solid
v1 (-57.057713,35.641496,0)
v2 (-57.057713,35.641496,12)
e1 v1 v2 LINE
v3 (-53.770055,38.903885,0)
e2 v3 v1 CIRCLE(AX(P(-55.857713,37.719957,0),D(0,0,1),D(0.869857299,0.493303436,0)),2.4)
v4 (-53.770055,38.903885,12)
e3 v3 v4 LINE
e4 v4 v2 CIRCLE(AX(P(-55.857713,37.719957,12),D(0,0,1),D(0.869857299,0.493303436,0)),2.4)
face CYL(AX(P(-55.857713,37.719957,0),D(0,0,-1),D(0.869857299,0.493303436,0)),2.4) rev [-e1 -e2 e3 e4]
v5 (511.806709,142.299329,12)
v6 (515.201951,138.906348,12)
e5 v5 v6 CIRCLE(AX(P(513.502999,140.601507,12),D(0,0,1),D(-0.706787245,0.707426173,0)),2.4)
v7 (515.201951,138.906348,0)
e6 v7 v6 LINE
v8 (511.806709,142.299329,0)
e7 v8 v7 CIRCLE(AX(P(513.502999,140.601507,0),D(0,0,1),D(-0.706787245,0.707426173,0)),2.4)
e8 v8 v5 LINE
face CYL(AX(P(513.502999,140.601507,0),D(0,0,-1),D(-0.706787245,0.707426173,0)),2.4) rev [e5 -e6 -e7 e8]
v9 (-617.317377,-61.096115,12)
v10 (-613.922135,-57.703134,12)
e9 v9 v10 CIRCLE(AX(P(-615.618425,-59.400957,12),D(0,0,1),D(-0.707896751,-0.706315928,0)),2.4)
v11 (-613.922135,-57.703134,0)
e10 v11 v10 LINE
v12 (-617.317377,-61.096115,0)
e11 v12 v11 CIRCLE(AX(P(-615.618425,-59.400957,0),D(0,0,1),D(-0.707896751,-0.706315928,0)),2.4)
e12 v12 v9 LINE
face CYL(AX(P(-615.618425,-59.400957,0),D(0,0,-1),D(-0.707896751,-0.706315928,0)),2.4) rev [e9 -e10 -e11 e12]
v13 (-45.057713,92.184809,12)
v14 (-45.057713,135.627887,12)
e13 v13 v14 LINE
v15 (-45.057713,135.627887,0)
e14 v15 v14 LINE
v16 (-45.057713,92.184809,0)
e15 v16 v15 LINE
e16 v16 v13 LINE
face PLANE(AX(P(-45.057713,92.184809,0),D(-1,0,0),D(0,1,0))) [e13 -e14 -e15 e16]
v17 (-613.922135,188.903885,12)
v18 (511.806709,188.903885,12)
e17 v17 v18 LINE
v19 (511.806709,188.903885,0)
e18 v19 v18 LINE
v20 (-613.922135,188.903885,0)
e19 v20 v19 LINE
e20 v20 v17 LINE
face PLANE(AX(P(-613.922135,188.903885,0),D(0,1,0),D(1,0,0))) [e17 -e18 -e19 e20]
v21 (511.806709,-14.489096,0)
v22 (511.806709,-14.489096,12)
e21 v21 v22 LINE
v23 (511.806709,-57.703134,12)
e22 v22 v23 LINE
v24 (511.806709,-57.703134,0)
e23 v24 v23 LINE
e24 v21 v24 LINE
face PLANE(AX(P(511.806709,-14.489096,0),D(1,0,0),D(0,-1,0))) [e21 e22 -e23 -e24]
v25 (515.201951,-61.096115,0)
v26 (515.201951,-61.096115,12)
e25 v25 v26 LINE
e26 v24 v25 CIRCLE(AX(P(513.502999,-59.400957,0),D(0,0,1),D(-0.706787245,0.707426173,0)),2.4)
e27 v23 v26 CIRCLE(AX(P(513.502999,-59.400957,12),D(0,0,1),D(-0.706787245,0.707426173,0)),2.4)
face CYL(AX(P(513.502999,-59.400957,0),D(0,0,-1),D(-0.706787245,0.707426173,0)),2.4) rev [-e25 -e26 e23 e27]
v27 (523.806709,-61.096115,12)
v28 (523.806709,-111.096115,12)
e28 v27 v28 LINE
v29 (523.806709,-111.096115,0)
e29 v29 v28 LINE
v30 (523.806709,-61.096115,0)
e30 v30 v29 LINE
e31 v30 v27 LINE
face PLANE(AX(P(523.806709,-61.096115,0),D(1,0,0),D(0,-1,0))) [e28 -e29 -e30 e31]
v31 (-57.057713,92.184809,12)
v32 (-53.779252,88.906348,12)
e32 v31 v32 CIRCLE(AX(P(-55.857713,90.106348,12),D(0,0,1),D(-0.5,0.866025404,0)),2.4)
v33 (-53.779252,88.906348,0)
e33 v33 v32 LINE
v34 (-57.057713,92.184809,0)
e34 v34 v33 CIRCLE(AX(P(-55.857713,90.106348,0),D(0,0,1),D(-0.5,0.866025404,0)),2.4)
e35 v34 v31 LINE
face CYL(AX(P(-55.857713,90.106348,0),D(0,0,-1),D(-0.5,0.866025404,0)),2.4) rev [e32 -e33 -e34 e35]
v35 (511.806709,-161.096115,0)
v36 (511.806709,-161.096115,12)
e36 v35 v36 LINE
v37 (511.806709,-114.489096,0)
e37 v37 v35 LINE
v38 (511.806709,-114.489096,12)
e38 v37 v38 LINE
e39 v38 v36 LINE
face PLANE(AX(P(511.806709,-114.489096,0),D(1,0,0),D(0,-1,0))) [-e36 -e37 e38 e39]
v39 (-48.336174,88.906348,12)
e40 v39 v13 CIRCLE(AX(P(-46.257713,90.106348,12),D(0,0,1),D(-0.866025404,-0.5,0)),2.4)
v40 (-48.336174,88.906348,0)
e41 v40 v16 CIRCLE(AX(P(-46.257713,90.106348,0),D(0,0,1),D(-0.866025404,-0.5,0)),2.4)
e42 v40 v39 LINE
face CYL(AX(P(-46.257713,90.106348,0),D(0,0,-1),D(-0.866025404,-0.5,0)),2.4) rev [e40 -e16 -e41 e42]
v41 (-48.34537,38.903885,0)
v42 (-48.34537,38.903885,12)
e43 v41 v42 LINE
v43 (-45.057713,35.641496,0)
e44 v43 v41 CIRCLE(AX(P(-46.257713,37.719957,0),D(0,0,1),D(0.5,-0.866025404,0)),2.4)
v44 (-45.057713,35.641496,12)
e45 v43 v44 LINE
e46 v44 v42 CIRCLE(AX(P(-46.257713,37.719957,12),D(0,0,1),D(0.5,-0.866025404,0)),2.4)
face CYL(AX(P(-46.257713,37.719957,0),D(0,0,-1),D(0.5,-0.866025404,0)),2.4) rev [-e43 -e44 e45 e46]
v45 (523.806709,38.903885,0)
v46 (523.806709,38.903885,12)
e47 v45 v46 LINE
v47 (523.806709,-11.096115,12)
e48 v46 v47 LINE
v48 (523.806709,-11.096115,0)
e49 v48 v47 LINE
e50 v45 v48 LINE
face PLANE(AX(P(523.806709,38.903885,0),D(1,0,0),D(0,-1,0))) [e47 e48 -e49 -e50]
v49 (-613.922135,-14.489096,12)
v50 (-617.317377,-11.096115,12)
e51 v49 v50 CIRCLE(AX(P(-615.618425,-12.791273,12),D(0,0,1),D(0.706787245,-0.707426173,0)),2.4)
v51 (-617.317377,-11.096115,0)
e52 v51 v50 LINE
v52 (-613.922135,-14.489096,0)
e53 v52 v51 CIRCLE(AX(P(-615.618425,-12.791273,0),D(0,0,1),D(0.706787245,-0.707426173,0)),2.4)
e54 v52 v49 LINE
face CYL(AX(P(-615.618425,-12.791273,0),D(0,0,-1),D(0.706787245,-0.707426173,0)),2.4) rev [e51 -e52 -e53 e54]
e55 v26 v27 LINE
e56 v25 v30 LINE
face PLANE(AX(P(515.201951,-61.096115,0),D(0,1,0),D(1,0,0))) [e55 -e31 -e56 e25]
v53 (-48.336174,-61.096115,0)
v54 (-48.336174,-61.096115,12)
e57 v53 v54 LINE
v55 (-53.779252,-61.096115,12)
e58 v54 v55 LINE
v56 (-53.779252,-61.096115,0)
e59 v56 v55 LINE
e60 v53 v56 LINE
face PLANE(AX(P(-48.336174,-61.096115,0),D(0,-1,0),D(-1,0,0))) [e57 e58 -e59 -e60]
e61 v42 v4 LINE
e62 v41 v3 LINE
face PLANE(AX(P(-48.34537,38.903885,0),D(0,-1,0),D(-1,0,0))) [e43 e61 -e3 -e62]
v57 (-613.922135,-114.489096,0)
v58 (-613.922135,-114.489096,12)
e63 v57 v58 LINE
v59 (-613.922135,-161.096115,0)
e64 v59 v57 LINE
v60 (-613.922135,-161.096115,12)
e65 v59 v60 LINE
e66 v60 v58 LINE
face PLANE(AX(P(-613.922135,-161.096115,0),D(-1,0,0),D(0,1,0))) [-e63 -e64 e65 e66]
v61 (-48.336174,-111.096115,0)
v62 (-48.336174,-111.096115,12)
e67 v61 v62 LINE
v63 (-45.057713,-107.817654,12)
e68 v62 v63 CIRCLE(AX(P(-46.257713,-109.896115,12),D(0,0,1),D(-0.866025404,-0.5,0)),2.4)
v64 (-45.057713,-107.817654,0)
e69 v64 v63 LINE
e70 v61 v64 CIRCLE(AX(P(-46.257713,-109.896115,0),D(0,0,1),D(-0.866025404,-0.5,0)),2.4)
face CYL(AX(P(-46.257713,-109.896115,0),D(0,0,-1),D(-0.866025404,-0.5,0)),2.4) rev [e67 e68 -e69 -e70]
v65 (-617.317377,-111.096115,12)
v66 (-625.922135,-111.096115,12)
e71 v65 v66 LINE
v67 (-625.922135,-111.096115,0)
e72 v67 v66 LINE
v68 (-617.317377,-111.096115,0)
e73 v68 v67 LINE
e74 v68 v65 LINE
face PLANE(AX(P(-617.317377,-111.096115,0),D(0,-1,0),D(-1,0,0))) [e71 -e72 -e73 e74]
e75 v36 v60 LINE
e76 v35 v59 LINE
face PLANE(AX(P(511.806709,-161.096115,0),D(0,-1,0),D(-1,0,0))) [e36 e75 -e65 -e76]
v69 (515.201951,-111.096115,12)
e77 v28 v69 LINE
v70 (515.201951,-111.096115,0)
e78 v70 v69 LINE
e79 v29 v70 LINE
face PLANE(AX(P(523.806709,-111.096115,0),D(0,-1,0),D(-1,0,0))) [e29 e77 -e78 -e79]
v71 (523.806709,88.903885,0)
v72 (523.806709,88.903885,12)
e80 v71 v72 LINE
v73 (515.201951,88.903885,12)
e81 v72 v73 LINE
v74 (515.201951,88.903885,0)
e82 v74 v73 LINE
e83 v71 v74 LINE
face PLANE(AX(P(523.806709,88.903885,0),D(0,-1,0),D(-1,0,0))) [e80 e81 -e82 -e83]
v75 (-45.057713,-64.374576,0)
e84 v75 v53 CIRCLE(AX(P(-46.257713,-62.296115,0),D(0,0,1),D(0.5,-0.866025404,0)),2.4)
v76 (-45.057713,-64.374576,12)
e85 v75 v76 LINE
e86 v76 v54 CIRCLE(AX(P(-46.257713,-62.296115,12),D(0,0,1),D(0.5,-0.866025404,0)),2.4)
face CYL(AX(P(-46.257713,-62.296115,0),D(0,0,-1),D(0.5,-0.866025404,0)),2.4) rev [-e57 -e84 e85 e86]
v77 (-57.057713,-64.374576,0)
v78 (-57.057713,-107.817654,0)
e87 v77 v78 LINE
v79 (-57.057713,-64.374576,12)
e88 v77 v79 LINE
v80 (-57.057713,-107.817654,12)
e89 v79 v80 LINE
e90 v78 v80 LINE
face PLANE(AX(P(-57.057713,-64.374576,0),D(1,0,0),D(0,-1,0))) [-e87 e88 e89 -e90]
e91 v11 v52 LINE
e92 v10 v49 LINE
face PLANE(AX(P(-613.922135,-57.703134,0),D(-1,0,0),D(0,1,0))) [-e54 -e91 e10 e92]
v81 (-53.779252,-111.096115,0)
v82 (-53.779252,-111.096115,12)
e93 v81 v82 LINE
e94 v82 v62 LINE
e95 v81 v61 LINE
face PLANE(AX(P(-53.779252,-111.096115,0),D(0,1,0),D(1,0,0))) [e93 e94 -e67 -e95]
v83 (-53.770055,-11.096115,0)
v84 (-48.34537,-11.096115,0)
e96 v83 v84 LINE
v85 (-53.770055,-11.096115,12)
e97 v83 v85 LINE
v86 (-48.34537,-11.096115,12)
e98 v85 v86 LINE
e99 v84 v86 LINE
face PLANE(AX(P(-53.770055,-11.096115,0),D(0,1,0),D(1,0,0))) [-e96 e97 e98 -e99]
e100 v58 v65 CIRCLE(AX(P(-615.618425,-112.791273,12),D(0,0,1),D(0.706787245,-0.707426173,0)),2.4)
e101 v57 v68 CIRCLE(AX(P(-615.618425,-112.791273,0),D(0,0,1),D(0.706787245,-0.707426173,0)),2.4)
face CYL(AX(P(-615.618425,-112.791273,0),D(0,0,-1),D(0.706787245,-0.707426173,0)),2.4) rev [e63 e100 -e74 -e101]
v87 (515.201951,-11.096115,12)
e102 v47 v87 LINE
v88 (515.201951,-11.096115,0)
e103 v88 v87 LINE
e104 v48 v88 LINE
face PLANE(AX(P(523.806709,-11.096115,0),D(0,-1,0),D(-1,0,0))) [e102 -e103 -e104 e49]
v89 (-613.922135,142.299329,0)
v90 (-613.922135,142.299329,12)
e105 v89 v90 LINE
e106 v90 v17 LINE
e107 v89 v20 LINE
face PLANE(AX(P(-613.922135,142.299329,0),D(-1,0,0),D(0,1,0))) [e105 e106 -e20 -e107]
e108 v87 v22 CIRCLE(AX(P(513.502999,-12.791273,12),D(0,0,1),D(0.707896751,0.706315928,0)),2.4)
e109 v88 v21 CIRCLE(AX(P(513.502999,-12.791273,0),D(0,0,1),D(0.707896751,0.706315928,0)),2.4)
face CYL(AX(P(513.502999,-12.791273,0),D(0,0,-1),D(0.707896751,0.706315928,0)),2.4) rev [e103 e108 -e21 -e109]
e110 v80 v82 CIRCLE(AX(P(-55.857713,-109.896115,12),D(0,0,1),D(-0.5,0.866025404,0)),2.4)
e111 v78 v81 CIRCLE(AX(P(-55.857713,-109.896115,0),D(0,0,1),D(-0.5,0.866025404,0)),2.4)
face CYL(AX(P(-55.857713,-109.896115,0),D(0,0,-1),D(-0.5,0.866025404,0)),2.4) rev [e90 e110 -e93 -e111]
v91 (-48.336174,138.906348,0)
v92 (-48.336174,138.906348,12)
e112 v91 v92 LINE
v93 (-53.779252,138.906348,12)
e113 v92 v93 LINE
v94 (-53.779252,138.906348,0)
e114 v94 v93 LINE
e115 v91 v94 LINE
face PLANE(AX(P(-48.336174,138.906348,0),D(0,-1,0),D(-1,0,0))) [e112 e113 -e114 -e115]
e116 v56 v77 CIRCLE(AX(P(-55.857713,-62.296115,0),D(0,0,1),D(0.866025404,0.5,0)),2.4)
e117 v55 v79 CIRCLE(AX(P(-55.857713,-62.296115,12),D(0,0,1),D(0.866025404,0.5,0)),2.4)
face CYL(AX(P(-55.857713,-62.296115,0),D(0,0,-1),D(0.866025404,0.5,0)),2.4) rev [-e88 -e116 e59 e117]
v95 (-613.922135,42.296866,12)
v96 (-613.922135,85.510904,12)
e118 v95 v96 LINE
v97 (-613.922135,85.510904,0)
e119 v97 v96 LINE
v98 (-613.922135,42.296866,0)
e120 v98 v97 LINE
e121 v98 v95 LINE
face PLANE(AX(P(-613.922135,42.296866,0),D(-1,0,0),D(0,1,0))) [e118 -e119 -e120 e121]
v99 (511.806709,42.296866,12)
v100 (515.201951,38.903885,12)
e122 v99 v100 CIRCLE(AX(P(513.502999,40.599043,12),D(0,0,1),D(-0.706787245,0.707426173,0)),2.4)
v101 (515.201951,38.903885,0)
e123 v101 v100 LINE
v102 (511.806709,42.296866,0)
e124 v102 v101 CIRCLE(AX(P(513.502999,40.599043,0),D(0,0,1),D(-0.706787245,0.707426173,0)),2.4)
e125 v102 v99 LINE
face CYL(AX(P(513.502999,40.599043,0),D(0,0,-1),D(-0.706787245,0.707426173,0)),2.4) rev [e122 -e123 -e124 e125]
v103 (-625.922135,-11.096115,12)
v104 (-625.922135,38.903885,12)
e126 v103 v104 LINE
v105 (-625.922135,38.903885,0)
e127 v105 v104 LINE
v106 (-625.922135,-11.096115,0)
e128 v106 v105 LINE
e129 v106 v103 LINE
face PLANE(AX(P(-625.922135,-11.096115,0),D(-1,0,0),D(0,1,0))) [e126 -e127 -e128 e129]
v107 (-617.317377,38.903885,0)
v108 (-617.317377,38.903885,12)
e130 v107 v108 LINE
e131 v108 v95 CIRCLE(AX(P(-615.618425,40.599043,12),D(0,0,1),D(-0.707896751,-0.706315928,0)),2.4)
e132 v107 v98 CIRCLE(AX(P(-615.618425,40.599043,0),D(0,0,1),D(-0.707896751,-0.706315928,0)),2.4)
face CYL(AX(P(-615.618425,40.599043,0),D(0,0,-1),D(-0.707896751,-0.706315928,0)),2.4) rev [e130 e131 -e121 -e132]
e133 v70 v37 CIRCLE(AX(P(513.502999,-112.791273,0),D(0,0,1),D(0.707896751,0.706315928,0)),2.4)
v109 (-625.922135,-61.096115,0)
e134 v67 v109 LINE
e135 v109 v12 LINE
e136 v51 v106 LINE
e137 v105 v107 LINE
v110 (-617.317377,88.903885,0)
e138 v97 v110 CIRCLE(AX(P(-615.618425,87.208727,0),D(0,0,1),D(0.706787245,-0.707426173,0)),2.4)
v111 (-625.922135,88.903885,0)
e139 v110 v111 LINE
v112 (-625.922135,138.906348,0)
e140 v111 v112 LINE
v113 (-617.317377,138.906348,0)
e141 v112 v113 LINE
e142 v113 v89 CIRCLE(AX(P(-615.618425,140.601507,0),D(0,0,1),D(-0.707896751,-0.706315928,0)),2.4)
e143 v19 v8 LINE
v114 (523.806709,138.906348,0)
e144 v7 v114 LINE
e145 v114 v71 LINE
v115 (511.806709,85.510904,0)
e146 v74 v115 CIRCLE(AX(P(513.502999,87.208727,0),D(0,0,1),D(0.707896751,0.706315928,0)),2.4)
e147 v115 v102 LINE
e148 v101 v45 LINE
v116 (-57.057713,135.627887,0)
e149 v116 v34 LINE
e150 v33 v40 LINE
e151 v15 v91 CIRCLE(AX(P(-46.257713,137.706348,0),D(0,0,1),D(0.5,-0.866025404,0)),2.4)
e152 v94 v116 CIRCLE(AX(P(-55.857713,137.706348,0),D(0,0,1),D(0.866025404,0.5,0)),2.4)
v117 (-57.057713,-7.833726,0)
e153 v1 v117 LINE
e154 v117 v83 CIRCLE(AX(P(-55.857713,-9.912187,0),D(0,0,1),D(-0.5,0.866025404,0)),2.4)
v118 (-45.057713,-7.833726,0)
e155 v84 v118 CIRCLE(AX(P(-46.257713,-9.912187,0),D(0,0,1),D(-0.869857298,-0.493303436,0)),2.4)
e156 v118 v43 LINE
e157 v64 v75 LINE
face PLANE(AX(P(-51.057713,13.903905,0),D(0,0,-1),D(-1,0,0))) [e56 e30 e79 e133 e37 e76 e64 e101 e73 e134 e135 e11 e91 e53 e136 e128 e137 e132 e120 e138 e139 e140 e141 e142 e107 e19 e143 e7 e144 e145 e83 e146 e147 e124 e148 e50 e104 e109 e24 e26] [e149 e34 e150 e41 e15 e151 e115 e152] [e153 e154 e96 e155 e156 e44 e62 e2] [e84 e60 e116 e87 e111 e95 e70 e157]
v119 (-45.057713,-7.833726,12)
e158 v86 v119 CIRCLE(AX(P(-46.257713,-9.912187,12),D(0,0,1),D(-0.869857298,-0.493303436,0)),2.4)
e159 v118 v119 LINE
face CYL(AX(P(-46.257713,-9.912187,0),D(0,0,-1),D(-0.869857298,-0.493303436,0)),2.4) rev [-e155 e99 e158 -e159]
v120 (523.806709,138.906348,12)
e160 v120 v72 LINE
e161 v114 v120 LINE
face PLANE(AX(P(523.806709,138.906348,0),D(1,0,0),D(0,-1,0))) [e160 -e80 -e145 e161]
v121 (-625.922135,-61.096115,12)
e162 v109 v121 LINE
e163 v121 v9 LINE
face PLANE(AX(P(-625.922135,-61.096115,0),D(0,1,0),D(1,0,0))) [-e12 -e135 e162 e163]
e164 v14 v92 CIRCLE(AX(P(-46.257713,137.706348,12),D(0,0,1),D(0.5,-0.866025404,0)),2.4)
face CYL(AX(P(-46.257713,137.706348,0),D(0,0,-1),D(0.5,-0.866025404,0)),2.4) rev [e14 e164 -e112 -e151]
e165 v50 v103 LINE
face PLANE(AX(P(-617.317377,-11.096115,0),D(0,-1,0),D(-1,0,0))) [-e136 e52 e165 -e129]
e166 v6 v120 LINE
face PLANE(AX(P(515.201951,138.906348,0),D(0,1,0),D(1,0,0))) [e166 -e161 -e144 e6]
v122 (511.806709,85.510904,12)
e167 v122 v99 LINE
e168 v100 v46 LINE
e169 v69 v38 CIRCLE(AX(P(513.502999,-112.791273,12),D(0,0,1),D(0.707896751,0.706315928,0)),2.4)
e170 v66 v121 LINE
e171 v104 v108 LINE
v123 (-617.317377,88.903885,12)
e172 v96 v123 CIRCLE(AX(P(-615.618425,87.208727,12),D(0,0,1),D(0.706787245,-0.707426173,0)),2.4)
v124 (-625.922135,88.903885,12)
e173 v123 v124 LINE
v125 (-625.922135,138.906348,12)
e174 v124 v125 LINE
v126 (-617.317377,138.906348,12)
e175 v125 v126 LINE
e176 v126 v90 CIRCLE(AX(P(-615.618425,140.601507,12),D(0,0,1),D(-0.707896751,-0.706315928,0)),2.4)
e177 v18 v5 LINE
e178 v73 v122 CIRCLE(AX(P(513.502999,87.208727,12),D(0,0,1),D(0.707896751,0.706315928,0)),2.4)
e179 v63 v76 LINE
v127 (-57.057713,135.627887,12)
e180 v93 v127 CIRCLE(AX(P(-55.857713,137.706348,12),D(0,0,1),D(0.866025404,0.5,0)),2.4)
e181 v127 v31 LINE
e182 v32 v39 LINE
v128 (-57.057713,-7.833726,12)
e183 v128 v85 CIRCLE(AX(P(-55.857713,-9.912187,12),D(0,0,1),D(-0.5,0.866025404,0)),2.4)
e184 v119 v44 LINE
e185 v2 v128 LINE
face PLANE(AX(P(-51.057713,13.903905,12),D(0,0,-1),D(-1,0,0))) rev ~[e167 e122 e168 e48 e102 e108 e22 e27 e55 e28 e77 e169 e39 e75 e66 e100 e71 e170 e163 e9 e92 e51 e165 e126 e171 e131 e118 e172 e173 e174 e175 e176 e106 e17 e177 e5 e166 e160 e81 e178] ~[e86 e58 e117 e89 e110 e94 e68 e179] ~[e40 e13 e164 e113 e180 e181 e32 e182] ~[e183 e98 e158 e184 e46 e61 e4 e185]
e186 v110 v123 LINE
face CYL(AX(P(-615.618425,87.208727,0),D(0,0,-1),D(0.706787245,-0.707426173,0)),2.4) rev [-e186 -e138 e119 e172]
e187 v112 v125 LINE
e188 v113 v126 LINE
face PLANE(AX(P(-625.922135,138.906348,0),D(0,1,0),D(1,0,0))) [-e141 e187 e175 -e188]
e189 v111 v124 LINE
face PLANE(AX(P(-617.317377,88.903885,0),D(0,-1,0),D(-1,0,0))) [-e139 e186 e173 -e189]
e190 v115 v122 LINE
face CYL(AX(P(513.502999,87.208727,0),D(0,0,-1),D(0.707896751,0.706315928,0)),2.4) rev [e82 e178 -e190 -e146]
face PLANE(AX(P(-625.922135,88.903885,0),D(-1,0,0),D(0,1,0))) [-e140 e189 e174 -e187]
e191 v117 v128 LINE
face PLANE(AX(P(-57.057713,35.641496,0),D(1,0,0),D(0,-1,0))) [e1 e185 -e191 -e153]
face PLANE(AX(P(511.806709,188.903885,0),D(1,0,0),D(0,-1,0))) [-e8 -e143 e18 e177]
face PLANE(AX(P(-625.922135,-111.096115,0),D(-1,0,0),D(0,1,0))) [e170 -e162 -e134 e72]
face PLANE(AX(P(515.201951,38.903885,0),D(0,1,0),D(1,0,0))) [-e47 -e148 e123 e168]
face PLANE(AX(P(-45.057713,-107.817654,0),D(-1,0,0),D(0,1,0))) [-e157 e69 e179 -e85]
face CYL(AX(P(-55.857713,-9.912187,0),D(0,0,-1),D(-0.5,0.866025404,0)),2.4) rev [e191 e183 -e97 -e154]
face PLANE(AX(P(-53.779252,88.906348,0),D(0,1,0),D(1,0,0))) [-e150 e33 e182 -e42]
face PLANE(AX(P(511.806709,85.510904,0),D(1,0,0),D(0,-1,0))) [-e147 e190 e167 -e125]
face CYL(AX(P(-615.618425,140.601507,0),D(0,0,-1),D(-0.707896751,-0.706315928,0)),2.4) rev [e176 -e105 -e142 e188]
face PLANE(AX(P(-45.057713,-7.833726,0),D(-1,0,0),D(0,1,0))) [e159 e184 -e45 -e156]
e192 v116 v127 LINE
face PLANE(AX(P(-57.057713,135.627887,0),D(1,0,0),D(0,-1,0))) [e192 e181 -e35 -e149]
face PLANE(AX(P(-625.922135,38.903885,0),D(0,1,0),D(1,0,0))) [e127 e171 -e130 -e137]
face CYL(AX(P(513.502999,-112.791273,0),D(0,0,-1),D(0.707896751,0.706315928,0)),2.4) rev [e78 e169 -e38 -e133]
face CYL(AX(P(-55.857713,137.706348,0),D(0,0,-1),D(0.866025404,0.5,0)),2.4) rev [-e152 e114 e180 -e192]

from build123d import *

# Parameters (mm, degrees)
BOSS_EXTRUDE1_DEPTH = 12


with BuildPart() as part:
    # Sketch1 → Boss-Extrude1 (new body)
    with BuildSketch(Plane.XY):
        with BuildLine():
            Line((511.8067094, 188.903885219), (511.8067094, 142.299329353))
            ThreePointArc((511.8067094, 142.299329353), (511.806507744, 138.903885219), (515.20195099, 138.906348311))
            Line((515.20195099, 138.906348311), (523.8067094, 138.906348311))
            Line((523.8067094, 138.906348311), (523.8067094, 138.319810176))
            Line((523.8067094, 138.319810176), (523.8067094, 88.903885219))
            Line((523.8067094, 88.903885219), (518.8067094, 88.903885219))
            Line((518.8067094, 88.903885219), (515.20195099, 88.903885219))
            ThreePointArc((515.20195099, 88.903885219), (511.806507744, 88.906348311), (511.8067094, 85.510904177))
            Line((511.8067094, 85.510904177), (511.8067094, 42.296866261))
            ThreePointArc((511.8067094, 42.296866261), (511.806507744, 38.901422127), (515.20195099, 38.903885219))
            Line((515.20195099, 38.903885219), (518.8067094, 38.903885219))
            Line((518.8067094, 38.903885219), (523.8067094, 38.903885219))
            Line((523.8067094, 38.903885219), (523.8067094, -11.096114781))
            Line((523.8067094, -11.096114781), (518.8067094, -11.096114781))
            Line((518.8067094, -11.096114781), (515.20195099, -11.096114781))
            ThreePointArc((515.20195099, -11.096114781), (511.806507744, -11.093651689), (511.8067094, -14.489095823))
            Line((511.8067094, -14.489095823), (511.8067094, -57.703133739))
            ThreePointArc((511.8067094, -57.703133739), (511.806507744, -61.098577873), (515.20195099, -61.096114781))
            Line((515.20195099, -61.096114781), (518.8067094, -61.096114781))
            Line((518.8067094, -61.096114781), (523.8067094, -61.096114781))
            Line((523.8067094, -61.096114781), (523.8067094, -111.096114781))
            Line((523.8067094, -111.096114781), (518.8067094, -111.096114781))
            Line((518.8067094, -111.096114781), (515.20195099, -111.096114781))
            ThreePointArc((515.20195099, -111.096114781), (511.806507744, -111.093651689), (511.8067094, -114.489095823))
            Line((511.8067094, -114.489095823), (511.8067094, -161.096114781))
            Line((511.8067094, -161.096114781), (-613.922135209, -161.096114781))
            Line((-613.922135209, -161.096114781), (-613.922135209, -114.489095823))
            ThreePointArc((-613.922135209, -114.489095823), (-613.921933554, -111.093651689), (-617.3173768, -111.096114781))
            Line((-617.3173768, -111.096114781), (-620.922135209, -111.096114781))
            Line((-620.922135209, -111.096114781), (-625.922135209, -111.096114781))
            Line((-625.922135209, -111.096114781), (-625.922135209, -61.096114781))
            Line((-625.922135209, -61.096114781), (-620.922135209, -61.096114781))
            Line((-620.922135209, -61.096114781), (-617.3173768, -61.096114781))
            ThreePointArc((-617.3173768, -61.096114781), (-613.921933554, -61.098577873), (-613.922135209, -57.703133739))
            Line((-613.922135209, -57.703133739), (-613.922135209, -14.489095823))
            ThreePointArc((-613.922135209, -14.489095823), (-613.921933554, -11.093651689), (-617.3173768, -11.096114781))
            Line((-617.3173768, -11.096114781), (-620.922135209, -11.096114781))
            Line((-620.922135209, -11.096114781), (-625.922135209, -11.096114781))
            Line((-625.922135209, -11.096114781), (-625.922135209, 38.903885219))
            Line((-625.922135209, 38.903885219), (-620.922135209, 38.903885219))
            Line((-620.922135209, 38.903885219), (-617.3173768, 38.903885219))
            ThreePointArc((-617.3173768, 38.903885219), (-613.921933554, 38.901422127), (-613.922135209, 42.296866261))
            Line((-613.922135209, 42.296866261), (-613.922135209, 85.510904177))
            ThreePointArc((-613.922135209, 85.510904177), (-613.921933554, 88.906348311), (-617.3173768, 88.903885219))
            Line((-617.3173768, 88.903885219), (-620.922135209, 88.903885219))
            Line((-620.922135209, 88.903885219), (-625.922135209, 88.903885219))
            Line((-625.922135209, 88.903885219), (-625.922135209, 138.319810176))
            Line((-625.922135209, 138.319810176), (-625.922135209, 138.906348311))
            Line((-625.922135209, 138.906348311), (-617.3173768, 138.906348311))
            ThreePointArc((-617.3173768, 138.906348311), (-613.921933554, 138.903885219), (-613.922135209, 142.299329353))
            Line((-613.922135209, 142.299329353), (-613.922135209, 188.903885219))
            Line((-613.922135209, 188.903885219), (511.8067094, 188.903885219))
        make_face()
        with BuildLine():
            Line((-48.336173874, 138.906348311), (-53.779251936, 138.906348311))
            ThreePointArc((-53.779251936, 138.906348311), (-57.55476918, 139.403404586), (-57.057712905, 135.627887342))
            Line((-57.057712905, 135.627887342), (-57.057712905, 92.18480928))
            ThreePointArc((-57.057712905, 92.18480928), (-57.55476918, 88.409292036), (-53.779251936, 88.906348311))
            Line((-53.779251936, 88.906348311), (-48.336173874, 88.906348311))
            ThreePointArc((-48.336173874, 88.906348311), (-44.56065663, 88.409292036), (-45.057712905, 92.18480928))
            Line((-45.057712905, 92.18480928), (-45.057712905, 135.627887342))
            ThreePointArc((-45.057712905, 135.627887342), (-44.56065663, 139.403404586), (-48.336173874, 138.906348311))
        make_face(mode=Mode.SUBTRACT)
        with BuildLine():
            Line((-48.345370421, 38.903885219), (-53.770055388, 38.903885219))
            ThreePointArc((-53.770055388, 38.903885219), (-57.548209819, 39.423547352), (-57.057712905, 35.641496003))
            Line((-57.057712905, 35.641496003), (-57.057712905, -7.833725565))
            ThreePointArc((-57.057712905, -7.833725565), (-57.548209819, -11.615776914), (-53.770055388, -11.096114781))
            Line((-53.770055388, -11.096114781), (-48.345370421, -11.096114781))
            ThreePointArc((-48.345370421, -11.096114781), (-44.567215991, -11.615776914), (-45.057712905, -7.833725565))
            Line((-45.057712905, -7.833725565), (-45.057712905, 35.641496003))
            ThreePointArc((-45.057712905, 35.641496003), (-44.567215991, 39.423547352), (-48.345370421, 38.903885219))
        make_face(mode=Mode.SUBTRACT)
        with BuildLine():
            Line((-48.336173874, -61.096114781), (-53.779251936, -61.096114781))
            ThreePointArc((-53.779251936, -61.096114781), (-57.55476918, -60.599058506), (-57.057712905, -64.37457575))
            Line((-57.057712905, -64.37457575), (-57.057712905, -107.817653812))
            ThreePointArc((-57.057712905, -107.817653812), (-57.55476918, -111.593171056), (-53.779251936, -111.096114781))
            Line((-53.779251936, -111.096114781), (-48.336173874, -111.096114781))
            ThreePointArc((-48.336173874, -111.096114781), (-44.56065663, -111.593171056), (-45.057712905, -107.817653812))
            Line((-45.057712905, -107.817653812), (-45.057712905, -64.37457575))
            ThreePointArc((-45.057712905, -64.37457575), (-44.56065663, -60.599058506), (-48.336173874, -61.096114781))
        make_face(mode=Mode.SUBTRACT)
    extrude(amount=BOSS_EXTRUDE1_DEPTH)


solid = part.part
